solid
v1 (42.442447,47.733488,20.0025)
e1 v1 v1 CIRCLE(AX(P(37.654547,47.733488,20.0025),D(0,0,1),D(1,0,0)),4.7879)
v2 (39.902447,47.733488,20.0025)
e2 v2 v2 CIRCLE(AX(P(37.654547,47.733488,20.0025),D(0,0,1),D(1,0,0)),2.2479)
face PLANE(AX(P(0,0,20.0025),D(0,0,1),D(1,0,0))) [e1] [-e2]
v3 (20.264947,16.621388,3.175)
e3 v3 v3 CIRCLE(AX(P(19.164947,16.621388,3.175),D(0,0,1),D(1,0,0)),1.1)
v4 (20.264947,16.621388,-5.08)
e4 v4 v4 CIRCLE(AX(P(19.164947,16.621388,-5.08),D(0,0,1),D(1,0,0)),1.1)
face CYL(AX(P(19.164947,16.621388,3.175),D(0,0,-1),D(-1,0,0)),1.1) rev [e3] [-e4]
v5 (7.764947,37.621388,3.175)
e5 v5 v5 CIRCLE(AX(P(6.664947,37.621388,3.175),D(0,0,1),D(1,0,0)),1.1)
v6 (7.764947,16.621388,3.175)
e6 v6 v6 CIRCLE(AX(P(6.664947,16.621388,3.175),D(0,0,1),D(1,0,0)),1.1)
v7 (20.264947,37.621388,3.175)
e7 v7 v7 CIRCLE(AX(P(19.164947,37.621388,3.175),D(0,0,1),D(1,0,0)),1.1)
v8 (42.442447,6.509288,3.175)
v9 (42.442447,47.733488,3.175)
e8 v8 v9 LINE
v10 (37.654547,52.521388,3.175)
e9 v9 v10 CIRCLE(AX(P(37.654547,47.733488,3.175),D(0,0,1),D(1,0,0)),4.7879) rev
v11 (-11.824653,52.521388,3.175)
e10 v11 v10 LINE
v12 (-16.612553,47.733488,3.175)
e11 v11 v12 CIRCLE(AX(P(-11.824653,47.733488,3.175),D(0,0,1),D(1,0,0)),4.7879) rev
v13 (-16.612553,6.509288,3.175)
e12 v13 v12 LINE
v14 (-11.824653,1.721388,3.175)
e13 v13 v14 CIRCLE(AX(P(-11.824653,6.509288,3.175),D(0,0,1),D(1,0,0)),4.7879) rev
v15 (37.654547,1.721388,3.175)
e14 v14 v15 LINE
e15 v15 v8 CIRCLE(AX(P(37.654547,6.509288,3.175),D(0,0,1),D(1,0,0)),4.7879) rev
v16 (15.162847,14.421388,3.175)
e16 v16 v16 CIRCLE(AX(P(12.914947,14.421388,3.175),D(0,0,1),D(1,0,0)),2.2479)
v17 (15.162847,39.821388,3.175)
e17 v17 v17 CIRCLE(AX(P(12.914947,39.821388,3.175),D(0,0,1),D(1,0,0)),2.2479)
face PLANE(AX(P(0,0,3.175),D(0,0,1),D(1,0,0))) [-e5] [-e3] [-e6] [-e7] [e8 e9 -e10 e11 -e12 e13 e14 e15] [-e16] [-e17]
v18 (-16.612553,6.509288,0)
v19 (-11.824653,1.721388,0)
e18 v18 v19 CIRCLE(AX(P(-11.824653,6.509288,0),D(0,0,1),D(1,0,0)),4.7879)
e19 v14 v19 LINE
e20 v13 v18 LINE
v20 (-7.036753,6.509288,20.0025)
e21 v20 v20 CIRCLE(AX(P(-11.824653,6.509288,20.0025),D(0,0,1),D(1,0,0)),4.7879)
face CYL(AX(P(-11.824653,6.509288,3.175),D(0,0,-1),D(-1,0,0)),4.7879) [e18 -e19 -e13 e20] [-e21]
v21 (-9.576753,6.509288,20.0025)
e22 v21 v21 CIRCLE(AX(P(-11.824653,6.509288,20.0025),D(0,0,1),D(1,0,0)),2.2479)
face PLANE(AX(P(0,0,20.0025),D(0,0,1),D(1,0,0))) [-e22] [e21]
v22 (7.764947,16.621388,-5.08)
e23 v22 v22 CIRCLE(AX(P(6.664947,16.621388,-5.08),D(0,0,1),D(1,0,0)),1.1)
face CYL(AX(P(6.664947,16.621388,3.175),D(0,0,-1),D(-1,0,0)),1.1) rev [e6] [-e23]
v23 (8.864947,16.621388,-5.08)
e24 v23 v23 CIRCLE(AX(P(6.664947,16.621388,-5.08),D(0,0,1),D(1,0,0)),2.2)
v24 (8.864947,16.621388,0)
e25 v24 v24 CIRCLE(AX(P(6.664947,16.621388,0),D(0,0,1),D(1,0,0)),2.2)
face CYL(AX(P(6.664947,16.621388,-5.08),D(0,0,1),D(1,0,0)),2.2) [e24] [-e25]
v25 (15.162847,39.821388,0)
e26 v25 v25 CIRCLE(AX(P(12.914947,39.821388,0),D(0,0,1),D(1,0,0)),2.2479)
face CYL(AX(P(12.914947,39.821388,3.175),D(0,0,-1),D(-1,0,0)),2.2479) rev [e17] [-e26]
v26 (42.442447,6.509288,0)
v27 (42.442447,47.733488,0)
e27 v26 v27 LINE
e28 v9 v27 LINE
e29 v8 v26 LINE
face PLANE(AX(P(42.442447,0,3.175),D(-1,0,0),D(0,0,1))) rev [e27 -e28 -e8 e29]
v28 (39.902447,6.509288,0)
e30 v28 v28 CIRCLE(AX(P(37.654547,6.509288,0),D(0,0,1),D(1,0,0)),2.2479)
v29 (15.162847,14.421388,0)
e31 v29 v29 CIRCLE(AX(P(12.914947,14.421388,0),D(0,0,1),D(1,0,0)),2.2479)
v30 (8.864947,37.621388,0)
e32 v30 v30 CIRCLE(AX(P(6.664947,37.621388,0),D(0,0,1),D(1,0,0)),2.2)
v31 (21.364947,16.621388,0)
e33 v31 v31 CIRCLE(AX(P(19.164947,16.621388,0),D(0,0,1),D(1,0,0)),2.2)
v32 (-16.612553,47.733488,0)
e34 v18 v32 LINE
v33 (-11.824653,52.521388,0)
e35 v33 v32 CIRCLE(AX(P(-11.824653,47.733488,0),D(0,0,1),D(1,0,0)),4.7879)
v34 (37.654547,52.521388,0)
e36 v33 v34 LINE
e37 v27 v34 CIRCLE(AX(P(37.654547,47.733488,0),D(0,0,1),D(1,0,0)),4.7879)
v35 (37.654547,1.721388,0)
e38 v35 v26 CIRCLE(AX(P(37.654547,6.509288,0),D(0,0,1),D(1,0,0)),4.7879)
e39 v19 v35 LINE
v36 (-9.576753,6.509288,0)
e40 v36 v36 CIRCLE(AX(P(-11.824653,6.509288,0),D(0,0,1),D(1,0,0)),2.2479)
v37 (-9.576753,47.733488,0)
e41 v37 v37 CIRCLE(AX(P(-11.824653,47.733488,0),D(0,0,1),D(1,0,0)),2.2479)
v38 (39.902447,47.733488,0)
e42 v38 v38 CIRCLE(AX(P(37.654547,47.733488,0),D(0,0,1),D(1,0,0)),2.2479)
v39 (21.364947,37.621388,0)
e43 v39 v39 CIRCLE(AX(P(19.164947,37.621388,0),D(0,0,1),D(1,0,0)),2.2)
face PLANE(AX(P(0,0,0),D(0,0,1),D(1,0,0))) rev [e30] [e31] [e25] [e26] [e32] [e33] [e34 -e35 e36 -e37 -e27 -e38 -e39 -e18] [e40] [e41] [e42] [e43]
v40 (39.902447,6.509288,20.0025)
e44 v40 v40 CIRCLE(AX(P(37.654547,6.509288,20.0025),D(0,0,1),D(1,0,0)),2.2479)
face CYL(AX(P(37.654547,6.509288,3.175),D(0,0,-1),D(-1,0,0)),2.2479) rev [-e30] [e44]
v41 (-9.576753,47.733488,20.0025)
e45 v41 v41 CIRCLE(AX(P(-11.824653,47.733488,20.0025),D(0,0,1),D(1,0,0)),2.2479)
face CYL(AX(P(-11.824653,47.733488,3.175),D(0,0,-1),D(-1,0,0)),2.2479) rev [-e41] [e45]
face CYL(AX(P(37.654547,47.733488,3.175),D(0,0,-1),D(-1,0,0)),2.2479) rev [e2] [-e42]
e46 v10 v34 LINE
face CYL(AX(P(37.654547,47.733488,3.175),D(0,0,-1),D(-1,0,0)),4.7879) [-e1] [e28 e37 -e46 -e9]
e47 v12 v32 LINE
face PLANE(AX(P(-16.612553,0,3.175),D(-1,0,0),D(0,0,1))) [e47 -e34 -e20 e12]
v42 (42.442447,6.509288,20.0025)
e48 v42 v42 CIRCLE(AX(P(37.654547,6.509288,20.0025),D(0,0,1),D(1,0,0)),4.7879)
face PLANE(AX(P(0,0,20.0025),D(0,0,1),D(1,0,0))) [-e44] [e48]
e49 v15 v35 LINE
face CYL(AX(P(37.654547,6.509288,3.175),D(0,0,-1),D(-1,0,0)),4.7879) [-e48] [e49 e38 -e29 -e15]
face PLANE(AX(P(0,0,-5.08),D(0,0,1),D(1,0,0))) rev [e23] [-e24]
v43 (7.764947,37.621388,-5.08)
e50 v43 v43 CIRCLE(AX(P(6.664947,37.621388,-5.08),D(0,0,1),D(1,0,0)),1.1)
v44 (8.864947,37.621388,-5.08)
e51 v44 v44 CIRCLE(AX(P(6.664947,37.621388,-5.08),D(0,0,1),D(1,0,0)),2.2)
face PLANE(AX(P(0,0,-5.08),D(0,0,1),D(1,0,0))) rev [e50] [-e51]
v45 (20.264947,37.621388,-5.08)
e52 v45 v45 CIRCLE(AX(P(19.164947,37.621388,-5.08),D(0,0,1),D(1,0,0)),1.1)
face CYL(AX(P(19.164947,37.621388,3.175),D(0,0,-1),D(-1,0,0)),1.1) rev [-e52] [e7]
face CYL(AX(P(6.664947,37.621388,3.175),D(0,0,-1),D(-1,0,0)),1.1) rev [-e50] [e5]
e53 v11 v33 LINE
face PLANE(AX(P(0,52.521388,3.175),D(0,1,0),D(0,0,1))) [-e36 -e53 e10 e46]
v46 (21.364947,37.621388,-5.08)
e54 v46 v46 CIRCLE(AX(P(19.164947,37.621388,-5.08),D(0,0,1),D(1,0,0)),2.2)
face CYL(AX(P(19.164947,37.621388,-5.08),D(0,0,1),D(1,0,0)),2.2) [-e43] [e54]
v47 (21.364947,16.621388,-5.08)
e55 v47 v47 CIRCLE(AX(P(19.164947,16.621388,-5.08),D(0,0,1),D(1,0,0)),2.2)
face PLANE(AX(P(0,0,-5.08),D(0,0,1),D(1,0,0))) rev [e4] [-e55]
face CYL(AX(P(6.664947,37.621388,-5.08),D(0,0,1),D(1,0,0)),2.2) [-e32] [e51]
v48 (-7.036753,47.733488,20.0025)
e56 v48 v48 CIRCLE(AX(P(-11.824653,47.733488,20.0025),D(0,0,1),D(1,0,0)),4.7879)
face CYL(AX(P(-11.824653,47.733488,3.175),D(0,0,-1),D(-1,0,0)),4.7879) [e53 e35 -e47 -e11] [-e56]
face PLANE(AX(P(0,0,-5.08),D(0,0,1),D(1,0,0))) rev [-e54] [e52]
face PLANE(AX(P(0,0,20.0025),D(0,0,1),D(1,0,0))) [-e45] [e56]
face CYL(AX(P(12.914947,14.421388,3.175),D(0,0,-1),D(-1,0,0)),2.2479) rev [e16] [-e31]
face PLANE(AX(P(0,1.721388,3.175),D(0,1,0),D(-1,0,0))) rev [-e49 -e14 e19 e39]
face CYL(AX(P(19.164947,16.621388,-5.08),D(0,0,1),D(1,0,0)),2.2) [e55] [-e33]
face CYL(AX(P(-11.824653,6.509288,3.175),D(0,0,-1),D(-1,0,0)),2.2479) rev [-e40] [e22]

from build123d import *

# Parameters (mm, degrees)
SKETCH1_R           = 2.2479
SKETCH1_R_2         = 1.1
BOSS_EXTRUDE1_DEPTH = 3.175
BOSS_EXTRUDE2_START = -5.08
SKETCH1_4_R         = 2.2
SKETCH1_4_R_2       = 1.1
BOSS_EXTRUDE2_DEPTH = 5.08
SKETCH1_5_R         = 4.7879
SKETCH1_5_R_2       = 2.2479
BOSS_EXTRUDE3_DEPTH = 20.0025


with BuildPart() as part:
    # Sketch1 → Boss-Extrude1 (new body)
    with BuildSketch(Plane.XY):
        with BuildLine():
            Line((-16.612553398, 47.733487864), (-16.612553398, 6.509287864))
            ThreePointArc((-16.612553398, 6.509287864), (-15.210209956, 3.123731306), (-11.824653398, 1.721387864))
            Line((-11.824653398, 1.721387864), (37.654546627, 1.721387864))
            ThreePointArc((37.654546627, 1.721387864), (41.040103169, 3.123731315), (42.442446602, 6.509287864))
            Line((42.442446602, 6.509287864), (42.442446602, 47.733487864))
            ThreePointArc((42.442446602, 47.733487864), (41.04010316, 51.119044422), (37.654546602, 52.521387864))
            Line((37.654546602, 52.521387864), (-11.824653398, 52.521387864))
            ThreePointArc((-11.824653398, 52.521387864), (-15.210209956, 51.119044422), (-16.612553398, 47.733487864))
        make_face()
        with Locations((12.914946602, 14.421387864)):
            Circle(SKETCH1_R, mode=Mode.SUBTRACT)
        with Locations((12.914946602, 39.821387864)):
            Circle(SKETCH1_R, mode=Mode.SUBTRACT)
        with Locations((-11.824653398, 6.509287864)):
            Circle(SKETCH1_R, mode=Mode.SUBTRACT)
        with Locations((-11.824653398, 47.733487864)):
            Circle(SKETCH1_R, mode=Mode.SUBTRACT)
        with Locations((37.654546602, 47.733487864)):
            Circle(SKETCH1_R, mode=Mode.SUBTRACT)
        with Locations((37.654546602, 6.509287864)):
            Circle(SKETCH1_R, mode=Mode.SUBTRACT)
        with Locations((6.664946602, 16.621387864)):
            Circle(SKETCH1_R_2, mode=Mode.SUBTRACT)
        with Locations((19.164946602, 16.621387864)):
            Circle(SKETCH1_R_2, mode=Mode.SUBTRACT)
        with Locations((6.664946602, 37.621387864)):
            Circle(SKETCH1_R_2, mode=Mode.SUBTRACT)
        with Locations((19.164946602, 37.621387864)):
            Circle(SKETCH1_R_2, mode=Mode.SUBTRACT)
    extrude(amount=BOSS_EXTRUDE1_DEPTH)

    # Sketch1<4> → Boss-Extrude2 (add)
    # profile 1 of 4: a face of its own
    with BuildSketch(Plane.XY.offset(BOSS_EXTRUDE2_START)):
        with Locations((19.164946602, 16.621387864)):
            Circle(SKETCH1_4_R)
        with Locations((19.164946602, 16.621387864)):
            Circle(SKETCH1_4_R_2, mode=Mode.SUBTRACT)
    # profile 2 of 4: a face of its own
    with BuildSketch(Plane.XY.offset(BOSS_EXTRUDE2_START)):
        with Locations((6.664946602, 16.621387864)):
            Circle(SKETCH1_4_R)
        with Locations((6.664946602, 16.621387864)):
            Circle(SKETCH1_4_R_2, mode=Mode.SUBTRACT)
    # profile 3 of 4: a face of its own
    with BuildSketch(Plane.XY.offset(BOSS_EXTRUDE2_START)):
        with Locations((6.664946602, 37.621387864)):
            Circle(SKETCH1_4_R)
        with Locations((6.664946602, 37.621387864)):
            Circle(SKETCH1_4_R_2, mode=Mode.SUBTRACT)
    # profile 4 of 4: a face of its own
    with BuildSketch(Plane.XY.offset(BOSS_EXTRUDE2_START)):
        with Locations((19.164946602, 37.621387864)):
            Circle(SKETCH1_4_R)
        with Locations((19.164946602, 37.621387864)):
            Circle(SKETCH1_4_R_2, mode=Mode.SUBTRACT)
    extrude(amount=BOSS_EXTRUDE2_DEPTH)

    # Sketch1<5> → Boss-Extrude3 (add)
    # profile 1 of 4: a face of its own
    with BuildSketch(Plane.XY):
        with Locations((-11.824653398, 6.509287864)):
            Circle(SKETCH1_5_R)
        with Locations((-11.824653398, 6.509287864)):
            Circle(SKETCH1_5_R_2, mode=Mode.SUBTRACT)
    # profile 2 of 4: a face of its own
    with BuildSketch(Plane.XY):
        with Locations((37.654546602, 6.509287864)):
            Circle(SKETCH1_5_R)
        with Locations((37.654546602, 6.509287864)):
            Circle(SKETCH1_5_R_2, mode=Mode.SUBTRACT)
    # profile 3 of 4: a face of its own
    with BuildSketch(Plane.XY):
        with Locations((-11.824653398, 47.733487864)):
            Circle(SKETCH1_5_R)
        with Locations((-11.824653398, 47.733487864)):
            Circle(SKETCH1_5_R_2, mode=Mode.SUBTRACT)
    # profile 4 of 4: a face of its own
    with BuildSketch(Plane.XY):
        with Locations((37.654546602, 47.733487864)):
            Circle(SKETCH1_5_R)
        with Locations((37.654546602, 47.733487864)):
            Circle(SKETCH1_5_R_2, mode=Mode.SUBTRACT)
    extrude(amount=BOSS_EXTRUDE3_DEPTH)


solid = part.part
